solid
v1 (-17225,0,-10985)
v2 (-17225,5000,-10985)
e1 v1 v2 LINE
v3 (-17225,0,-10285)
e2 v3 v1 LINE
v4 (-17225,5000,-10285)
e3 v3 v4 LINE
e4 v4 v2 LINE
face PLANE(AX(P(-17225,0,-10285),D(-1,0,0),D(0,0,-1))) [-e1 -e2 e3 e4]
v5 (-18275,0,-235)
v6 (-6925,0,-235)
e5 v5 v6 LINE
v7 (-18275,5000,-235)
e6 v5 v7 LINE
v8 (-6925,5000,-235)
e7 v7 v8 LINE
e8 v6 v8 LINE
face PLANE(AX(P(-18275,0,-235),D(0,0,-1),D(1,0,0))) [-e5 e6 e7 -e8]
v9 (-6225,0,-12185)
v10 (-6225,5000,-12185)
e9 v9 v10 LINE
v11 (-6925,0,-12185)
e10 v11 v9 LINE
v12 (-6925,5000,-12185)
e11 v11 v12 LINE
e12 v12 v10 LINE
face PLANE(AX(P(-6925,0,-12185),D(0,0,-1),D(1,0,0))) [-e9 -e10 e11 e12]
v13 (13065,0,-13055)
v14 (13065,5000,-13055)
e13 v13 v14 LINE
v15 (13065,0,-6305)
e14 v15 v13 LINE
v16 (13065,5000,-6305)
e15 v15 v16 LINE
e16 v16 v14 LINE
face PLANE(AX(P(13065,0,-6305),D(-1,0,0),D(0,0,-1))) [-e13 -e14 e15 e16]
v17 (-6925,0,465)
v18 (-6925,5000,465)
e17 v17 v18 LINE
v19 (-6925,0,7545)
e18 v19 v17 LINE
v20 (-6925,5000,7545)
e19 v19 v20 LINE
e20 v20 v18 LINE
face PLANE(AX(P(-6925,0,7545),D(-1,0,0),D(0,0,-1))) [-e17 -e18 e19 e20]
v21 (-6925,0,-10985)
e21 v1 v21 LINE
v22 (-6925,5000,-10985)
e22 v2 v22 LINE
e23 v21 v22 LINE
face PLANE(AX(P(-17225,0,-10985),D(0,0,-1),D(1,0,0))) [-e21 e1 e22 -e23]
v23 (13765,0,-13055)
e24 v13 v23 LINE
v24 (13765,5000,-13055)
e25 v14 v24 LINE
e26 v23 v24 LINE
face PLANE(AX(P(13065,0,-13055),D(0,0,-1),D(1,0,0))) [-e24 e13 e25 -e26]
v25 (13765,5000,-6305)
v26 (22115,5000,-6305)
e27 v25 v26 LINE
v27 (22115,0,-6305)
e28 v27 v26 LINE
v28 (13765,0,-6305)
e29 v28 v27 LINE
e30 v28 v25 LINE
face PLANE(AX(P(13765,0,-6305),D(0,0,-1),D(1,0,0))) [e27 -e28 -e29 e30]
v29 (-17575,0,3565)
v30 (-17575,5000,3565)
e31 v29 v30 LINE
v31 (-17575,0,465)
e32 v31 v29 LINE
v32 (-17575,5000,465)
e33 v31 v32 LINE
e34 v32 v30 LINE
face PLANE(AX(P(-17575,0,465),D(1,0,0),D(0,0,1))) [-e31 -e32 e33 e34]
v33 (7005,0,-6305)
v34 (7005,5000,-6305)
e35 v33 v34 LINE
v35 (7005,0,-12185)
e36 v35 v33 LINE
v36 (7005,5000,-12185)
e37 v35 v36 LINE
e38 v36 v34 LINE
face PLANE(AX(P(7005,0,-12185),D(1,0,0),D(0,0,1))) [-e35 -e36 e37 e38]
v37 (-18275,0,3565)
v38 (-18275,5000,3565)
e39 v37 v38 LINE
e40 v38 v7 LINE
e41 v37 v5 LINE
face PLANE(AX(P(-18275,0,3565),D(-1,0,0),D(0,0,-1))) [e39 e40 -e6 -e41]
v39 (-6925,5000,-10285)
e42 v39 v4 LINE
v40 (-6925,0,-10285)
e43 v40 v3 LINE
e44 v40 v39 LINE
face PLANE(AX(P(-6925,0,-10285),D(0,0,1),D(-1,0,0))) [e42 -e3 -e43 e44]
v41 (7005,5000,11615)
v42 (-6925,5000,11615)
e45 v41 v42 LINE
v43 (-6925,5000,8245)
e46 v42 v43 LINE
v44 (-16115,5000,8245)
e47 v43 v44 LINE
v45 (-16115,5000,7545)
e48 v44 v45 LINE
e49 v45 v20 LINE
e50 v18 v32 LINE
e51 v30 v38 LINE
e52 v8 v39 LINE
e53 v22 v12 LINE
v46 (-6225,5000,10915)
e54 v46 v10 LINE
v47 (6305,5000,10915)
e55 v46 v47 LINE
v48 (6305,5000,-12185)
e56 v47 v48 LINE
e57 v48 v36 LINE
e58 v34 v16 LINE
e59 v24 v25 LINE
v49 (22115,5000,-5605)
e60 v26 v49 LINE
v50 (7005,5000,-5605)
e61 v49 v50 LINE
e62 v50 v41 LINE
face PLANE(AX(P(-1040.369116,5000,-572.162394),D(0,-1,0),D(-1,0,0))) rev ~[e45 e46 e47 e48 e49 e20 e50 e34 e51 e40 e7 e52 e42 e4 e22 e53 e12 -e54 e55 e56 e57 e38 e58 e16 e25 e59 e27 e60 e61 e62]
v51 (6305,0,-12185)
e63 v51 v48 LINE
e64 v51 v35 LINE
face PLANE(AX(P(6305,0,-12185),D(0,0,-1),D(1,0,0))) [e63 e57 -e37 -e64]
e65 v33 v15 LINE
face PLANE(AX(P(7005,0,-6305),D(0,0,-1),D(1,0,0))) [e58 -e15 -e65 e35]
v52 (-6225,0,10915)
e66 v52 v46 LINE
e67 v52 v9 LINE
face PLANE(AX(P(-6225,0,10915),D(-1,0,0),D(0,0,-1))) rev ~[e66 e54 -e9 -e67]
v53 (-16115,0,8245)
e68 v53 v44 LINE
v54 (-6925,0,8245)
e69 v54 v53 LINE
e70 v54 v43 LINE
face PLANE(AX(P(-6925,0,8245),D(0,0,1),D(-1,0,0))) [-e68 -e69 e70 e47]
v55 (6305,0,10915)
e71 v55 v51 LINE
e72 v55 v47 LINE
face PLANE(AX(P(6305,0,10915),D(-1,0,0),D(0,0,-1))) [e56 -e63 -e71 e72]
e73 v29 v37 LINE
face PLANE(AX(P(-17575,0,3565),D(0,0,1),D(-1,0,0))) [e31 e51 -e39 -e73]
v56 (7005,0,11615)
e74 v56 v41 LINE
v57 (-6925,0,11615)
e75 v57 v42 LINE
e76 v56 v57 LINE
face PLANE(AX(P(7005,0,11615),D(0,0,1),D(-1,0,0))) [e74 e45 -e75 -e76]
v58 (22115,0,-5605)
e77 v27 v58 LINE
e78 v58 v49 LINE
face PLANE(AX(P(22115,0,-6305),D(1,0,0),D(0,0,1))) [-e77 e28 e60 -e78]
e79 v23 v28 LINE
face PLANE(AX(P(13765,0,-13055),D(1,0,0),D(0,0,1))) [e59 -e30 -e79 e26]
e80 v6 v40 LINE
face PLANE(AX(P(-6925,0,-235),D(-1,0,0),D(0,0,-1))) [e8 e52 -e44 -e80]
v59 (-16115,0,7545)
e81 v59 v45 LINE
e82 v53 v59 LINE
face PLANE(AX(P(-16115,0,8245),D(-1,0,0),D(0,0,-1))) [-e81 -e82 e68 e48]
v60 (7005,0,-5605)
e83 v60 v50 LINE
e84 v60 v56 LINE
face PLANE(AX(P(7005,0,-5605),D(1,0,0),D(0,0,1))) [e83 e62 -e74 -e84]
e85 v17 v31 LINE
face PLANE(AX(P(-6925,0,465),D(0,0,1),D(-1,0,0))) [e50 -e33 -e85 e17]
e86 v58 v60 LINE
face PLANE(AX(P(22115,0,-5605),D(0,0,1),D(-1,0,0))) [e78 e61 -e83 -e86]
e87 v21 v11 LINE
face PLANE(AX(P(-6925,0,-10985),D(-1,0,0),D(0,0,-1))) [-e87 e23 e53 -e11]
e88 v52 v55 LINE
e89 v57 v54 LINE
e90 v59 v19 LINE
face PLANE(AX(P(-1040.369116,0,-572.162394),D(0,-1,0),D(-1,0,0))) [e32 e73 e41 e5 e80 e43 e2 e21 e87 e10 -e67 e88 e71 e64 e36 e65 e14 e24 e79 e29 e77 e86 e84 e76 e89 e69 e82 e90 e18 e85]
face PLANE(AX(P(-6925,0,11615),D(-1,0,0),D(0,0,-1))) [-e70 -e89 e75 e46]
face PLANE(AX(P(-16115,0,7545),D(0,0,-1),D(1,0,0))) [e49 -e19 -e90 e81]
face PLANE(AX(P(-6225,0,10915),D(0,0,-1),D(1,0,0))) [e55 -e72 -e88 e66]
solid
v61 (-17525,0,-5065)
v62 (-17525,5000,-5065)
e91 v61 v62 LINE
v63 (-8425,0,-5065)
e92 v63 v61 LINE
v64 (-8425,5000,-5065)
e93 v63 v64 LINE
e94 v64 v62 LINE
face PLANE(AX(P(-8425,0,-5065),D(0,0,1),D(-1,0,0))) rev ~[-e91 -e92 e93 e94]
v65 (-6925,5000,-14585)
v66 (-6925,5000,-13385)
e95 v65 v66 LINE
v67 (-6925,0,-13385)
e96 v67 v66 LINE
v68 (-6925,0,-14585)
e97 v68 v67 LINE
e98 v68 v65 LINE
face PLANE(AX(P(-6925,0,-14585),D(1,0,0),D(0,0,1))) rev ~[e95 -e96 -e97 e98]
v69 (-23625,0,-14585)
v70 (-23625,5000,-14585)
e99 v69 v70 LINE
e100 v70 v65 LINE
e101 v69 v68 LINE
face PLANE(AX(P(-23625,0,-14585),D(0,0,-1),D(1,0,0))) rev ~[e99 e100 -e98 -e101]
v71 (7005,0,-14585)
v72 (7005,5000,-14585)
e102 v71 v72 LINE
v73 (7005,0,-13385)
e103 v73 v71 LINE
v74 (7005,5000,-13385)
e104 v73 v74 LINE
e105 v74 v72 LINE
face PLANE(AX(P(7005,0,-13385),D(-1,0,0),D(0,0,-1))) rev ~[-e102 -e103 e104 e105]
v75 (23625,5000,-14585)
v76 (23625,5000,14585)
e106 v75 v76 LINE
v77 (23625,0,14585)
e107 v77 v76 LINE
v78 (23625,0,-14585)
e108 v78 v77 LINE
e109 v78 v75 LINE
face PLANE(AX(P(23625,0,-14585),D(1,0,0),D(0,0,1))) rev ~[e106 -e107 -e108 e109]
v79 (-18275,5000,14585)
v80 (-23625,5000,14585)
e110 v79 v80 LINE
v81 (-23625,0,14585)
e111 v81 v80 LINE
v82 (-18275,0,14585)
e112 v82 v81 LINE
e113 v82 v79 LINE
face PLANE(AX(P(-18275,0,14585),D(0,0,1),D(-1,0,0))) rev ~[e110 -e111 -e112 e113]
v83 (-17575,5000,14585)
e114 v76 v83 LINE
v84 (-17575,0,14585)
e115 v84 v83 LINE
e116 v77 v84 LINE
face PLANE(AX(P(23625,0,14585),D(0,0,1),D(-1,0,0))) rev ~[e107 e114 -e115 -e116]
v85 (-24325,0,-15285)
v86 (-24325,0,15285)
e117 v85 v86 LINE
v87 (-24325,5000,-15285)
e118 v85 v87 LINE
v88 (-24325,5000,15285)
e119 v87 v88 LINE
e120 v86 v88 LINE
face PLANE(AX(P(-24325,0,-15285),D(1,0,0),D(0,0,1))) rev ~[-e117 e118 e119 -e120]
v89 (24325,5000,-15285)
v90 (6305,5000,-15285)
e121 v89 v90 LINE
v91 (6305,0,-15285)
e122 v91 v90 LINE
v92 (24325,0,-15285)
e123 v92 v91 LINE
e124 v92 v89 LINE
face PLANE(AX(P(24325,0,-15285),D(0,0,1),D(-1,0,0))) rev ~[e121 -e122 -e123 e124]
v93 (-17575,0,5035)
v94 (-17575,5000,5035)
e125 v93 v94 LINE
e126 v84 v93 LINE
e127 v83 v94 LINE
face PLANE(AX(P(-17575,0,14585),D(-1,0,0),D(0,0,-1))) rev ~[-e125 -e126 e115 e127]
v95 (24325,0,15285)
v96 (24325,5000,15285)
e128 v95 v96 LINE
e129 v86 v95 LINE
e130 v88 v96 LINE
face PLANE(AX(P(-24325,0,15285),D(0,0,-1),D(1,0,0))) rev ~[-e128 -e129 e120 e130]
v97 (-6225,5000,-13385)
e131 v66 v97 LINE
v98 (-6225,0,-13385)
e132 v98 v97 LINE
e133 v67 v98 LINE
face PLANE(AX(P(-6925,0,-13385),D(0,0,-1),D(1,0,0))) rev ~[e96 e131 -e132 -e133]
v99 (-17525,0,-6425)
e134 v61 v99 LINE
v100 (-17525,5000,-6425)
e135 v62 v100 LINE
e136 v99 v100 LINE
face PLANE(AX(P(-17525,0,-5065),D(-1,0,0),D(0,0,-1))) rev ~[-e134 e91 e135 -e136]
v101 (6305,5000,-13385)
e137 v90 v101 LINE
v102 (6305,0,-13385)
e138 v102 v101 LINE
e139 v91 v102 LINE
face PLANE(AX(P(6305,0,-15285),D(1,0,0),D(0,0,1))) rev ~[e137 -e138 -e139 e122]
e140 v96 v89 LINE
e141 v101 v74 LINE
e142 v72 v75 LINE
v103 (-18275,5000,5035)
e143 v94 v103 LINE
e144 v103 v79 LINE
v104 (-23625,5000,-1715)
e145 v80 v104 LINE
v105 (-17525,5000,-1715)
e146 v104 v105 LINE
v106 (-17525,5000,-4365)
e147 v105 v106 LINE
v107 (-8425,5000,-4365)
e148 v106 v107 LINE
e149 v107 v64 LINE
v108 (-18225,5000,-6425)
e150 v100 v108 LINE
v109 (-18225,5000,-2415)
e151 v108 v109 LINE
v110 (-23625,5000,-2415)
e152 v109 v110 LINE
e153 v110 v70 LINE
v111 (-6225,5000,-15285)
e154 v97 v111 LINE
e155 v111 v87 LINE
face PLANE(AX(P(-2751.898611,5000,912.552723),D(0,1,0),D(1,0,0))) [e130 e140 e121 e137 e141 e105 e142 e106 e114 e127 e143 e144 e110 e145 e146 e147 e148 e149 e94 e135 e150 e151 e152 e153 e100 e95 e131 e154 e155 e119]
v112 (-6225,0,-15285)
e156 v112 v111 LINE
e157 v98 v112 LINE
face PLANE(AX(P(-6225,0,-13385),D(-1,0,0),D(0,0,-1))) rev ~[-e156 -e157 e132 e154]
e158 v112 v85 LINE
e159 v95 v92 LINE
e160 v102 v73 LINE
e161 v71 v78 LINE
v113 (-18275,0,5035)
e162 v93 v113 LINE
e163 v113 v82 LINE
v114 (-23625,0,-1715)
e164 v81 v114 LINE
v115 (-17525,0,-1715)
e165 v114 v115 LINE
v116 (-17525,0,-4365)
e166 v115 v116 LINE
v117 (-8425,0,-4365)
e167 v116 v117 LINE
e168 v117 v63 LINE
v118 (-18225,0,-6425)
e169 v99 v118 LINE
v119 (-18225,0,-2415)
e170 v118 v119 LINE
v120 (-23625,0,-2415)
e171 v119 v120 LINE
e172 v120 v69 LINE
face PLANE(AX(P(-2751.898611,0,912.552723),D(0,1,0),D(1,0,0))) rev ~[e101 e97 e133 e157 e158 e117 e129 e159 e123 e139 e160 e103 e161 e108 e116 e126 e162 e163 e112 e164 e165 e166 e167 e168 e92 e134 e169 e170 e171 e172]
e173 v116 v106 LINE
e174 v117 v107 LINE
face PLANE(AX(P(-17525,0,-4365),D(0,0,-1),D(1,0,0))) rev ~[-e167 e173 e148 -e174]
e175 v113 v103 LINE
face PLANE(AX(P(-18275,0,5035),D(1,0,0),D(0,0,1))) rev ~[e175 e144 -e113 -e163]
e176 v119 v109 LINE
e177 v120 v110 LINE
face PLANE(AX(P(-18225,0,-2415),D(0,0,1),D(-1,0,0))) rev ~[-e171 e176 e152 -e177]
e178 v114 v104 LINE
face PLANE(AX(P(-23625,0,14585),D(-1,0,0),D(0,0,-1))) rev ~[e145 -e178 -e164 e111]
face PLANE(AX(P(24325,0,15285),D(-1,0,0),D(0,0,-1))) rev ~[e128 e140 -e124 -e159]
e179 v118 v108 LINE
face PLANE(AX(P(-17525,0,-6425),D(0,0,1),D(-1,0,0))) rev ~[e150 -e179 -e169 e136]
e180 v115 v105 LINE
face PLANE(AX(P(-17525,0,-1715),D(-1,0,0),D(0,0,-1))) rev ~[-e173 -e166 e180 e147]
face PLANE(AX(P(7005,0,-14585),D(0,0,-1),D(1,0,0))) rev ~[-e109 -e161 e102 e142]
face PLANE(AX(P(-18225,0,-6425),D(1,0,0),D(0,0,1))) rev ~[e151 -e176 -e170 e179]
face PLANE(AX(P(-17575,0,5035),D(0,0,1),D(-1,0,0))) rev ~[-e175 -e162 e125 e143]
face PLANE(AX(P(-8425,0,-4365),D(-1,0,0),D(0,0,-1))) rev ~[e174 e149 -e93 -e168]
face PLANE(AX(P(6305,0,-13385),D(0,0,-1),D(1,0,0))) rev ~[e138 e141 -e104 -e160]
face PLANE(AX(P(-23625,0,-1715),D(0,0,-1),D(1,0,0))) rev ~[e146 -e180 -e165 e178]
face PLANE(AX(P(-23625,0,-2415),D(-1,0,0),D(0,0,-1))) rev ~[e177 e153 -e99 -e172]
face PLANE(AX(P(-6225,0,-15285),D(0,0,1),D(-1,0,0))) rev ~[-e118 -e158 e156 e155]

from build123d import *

# Parameters (mm, degrees)
WALLS_5M_DEPTH   = 5000
WALLS_5M_2_DEPTH = 5000


with BuildPart() as part:
    # hyperport_plan → walls_5m (new body)
    with BuildSketch(Plane(origin=(0, 0, 0), x_dir=(1, 0, 0), z_dir=(0, 1, 0))):
        Polygon((-6225, 15285), (-24325, 15285), (-24325, -15285), (24325, -15285), (24325, 15285), (6305, 15285), (6305, 13385), (7005, 13385), (7005, 14585), (23625, 14585), (23625, -14585), (-17575, -14585), (-17575, -5035), (-18275, -5035), (-18275, -14585), (-23625, -14585), (-23625, 1715), (-17525, 1715), (-17525, 4365), (-8425, 4365), (-8425, 5065), (-17525, 5065), (-17525, 6425), (-18225, 6425), (-18225, 2415), (-23625, 2415), (-23625, 14585), (-6925, 14585), (-6925, 13385), (-6225, 13385), align=None)
    extrude(amount=WALLS_5M_DEPTH)


with BuildPart() as body_2:
    # hyperport_plan → walls_5m 2 (new body)
    with BuildSketch(Plane(origin=(0, 0, 0), x_dir=(1, 0, 0), z_dir=(0, 1, 0))):
        Polygon((-6225, 12185), (-6225, 10985), (-6225, -10915), (6305, -10915), (6305, 12185), (7005, 12185), (7005, 6305), (13065, 6305), (13065, 13055), (13765, 13055), (13765, 6305), (22115, 6305), (22115, 5605), (7005, 5605), (7005, -11615), (-6925, -11615), (-6925, -8245), (-16115, -8245), (-16115, -7545), (-6925, -7545), (-6925, -465), (-17575, -465), (-17575, -3565), (-18275, -3565), (-18275, 235), (-6925, 235), (-6925, 10285), (-17225, 10285), (-17225, 10985), (-6925, 10985), (-6925, 12185), align=None)
    extrude(amount=WALLS_5M_2_DEPTH)


solid = Compound([part.part, body_2.part])
